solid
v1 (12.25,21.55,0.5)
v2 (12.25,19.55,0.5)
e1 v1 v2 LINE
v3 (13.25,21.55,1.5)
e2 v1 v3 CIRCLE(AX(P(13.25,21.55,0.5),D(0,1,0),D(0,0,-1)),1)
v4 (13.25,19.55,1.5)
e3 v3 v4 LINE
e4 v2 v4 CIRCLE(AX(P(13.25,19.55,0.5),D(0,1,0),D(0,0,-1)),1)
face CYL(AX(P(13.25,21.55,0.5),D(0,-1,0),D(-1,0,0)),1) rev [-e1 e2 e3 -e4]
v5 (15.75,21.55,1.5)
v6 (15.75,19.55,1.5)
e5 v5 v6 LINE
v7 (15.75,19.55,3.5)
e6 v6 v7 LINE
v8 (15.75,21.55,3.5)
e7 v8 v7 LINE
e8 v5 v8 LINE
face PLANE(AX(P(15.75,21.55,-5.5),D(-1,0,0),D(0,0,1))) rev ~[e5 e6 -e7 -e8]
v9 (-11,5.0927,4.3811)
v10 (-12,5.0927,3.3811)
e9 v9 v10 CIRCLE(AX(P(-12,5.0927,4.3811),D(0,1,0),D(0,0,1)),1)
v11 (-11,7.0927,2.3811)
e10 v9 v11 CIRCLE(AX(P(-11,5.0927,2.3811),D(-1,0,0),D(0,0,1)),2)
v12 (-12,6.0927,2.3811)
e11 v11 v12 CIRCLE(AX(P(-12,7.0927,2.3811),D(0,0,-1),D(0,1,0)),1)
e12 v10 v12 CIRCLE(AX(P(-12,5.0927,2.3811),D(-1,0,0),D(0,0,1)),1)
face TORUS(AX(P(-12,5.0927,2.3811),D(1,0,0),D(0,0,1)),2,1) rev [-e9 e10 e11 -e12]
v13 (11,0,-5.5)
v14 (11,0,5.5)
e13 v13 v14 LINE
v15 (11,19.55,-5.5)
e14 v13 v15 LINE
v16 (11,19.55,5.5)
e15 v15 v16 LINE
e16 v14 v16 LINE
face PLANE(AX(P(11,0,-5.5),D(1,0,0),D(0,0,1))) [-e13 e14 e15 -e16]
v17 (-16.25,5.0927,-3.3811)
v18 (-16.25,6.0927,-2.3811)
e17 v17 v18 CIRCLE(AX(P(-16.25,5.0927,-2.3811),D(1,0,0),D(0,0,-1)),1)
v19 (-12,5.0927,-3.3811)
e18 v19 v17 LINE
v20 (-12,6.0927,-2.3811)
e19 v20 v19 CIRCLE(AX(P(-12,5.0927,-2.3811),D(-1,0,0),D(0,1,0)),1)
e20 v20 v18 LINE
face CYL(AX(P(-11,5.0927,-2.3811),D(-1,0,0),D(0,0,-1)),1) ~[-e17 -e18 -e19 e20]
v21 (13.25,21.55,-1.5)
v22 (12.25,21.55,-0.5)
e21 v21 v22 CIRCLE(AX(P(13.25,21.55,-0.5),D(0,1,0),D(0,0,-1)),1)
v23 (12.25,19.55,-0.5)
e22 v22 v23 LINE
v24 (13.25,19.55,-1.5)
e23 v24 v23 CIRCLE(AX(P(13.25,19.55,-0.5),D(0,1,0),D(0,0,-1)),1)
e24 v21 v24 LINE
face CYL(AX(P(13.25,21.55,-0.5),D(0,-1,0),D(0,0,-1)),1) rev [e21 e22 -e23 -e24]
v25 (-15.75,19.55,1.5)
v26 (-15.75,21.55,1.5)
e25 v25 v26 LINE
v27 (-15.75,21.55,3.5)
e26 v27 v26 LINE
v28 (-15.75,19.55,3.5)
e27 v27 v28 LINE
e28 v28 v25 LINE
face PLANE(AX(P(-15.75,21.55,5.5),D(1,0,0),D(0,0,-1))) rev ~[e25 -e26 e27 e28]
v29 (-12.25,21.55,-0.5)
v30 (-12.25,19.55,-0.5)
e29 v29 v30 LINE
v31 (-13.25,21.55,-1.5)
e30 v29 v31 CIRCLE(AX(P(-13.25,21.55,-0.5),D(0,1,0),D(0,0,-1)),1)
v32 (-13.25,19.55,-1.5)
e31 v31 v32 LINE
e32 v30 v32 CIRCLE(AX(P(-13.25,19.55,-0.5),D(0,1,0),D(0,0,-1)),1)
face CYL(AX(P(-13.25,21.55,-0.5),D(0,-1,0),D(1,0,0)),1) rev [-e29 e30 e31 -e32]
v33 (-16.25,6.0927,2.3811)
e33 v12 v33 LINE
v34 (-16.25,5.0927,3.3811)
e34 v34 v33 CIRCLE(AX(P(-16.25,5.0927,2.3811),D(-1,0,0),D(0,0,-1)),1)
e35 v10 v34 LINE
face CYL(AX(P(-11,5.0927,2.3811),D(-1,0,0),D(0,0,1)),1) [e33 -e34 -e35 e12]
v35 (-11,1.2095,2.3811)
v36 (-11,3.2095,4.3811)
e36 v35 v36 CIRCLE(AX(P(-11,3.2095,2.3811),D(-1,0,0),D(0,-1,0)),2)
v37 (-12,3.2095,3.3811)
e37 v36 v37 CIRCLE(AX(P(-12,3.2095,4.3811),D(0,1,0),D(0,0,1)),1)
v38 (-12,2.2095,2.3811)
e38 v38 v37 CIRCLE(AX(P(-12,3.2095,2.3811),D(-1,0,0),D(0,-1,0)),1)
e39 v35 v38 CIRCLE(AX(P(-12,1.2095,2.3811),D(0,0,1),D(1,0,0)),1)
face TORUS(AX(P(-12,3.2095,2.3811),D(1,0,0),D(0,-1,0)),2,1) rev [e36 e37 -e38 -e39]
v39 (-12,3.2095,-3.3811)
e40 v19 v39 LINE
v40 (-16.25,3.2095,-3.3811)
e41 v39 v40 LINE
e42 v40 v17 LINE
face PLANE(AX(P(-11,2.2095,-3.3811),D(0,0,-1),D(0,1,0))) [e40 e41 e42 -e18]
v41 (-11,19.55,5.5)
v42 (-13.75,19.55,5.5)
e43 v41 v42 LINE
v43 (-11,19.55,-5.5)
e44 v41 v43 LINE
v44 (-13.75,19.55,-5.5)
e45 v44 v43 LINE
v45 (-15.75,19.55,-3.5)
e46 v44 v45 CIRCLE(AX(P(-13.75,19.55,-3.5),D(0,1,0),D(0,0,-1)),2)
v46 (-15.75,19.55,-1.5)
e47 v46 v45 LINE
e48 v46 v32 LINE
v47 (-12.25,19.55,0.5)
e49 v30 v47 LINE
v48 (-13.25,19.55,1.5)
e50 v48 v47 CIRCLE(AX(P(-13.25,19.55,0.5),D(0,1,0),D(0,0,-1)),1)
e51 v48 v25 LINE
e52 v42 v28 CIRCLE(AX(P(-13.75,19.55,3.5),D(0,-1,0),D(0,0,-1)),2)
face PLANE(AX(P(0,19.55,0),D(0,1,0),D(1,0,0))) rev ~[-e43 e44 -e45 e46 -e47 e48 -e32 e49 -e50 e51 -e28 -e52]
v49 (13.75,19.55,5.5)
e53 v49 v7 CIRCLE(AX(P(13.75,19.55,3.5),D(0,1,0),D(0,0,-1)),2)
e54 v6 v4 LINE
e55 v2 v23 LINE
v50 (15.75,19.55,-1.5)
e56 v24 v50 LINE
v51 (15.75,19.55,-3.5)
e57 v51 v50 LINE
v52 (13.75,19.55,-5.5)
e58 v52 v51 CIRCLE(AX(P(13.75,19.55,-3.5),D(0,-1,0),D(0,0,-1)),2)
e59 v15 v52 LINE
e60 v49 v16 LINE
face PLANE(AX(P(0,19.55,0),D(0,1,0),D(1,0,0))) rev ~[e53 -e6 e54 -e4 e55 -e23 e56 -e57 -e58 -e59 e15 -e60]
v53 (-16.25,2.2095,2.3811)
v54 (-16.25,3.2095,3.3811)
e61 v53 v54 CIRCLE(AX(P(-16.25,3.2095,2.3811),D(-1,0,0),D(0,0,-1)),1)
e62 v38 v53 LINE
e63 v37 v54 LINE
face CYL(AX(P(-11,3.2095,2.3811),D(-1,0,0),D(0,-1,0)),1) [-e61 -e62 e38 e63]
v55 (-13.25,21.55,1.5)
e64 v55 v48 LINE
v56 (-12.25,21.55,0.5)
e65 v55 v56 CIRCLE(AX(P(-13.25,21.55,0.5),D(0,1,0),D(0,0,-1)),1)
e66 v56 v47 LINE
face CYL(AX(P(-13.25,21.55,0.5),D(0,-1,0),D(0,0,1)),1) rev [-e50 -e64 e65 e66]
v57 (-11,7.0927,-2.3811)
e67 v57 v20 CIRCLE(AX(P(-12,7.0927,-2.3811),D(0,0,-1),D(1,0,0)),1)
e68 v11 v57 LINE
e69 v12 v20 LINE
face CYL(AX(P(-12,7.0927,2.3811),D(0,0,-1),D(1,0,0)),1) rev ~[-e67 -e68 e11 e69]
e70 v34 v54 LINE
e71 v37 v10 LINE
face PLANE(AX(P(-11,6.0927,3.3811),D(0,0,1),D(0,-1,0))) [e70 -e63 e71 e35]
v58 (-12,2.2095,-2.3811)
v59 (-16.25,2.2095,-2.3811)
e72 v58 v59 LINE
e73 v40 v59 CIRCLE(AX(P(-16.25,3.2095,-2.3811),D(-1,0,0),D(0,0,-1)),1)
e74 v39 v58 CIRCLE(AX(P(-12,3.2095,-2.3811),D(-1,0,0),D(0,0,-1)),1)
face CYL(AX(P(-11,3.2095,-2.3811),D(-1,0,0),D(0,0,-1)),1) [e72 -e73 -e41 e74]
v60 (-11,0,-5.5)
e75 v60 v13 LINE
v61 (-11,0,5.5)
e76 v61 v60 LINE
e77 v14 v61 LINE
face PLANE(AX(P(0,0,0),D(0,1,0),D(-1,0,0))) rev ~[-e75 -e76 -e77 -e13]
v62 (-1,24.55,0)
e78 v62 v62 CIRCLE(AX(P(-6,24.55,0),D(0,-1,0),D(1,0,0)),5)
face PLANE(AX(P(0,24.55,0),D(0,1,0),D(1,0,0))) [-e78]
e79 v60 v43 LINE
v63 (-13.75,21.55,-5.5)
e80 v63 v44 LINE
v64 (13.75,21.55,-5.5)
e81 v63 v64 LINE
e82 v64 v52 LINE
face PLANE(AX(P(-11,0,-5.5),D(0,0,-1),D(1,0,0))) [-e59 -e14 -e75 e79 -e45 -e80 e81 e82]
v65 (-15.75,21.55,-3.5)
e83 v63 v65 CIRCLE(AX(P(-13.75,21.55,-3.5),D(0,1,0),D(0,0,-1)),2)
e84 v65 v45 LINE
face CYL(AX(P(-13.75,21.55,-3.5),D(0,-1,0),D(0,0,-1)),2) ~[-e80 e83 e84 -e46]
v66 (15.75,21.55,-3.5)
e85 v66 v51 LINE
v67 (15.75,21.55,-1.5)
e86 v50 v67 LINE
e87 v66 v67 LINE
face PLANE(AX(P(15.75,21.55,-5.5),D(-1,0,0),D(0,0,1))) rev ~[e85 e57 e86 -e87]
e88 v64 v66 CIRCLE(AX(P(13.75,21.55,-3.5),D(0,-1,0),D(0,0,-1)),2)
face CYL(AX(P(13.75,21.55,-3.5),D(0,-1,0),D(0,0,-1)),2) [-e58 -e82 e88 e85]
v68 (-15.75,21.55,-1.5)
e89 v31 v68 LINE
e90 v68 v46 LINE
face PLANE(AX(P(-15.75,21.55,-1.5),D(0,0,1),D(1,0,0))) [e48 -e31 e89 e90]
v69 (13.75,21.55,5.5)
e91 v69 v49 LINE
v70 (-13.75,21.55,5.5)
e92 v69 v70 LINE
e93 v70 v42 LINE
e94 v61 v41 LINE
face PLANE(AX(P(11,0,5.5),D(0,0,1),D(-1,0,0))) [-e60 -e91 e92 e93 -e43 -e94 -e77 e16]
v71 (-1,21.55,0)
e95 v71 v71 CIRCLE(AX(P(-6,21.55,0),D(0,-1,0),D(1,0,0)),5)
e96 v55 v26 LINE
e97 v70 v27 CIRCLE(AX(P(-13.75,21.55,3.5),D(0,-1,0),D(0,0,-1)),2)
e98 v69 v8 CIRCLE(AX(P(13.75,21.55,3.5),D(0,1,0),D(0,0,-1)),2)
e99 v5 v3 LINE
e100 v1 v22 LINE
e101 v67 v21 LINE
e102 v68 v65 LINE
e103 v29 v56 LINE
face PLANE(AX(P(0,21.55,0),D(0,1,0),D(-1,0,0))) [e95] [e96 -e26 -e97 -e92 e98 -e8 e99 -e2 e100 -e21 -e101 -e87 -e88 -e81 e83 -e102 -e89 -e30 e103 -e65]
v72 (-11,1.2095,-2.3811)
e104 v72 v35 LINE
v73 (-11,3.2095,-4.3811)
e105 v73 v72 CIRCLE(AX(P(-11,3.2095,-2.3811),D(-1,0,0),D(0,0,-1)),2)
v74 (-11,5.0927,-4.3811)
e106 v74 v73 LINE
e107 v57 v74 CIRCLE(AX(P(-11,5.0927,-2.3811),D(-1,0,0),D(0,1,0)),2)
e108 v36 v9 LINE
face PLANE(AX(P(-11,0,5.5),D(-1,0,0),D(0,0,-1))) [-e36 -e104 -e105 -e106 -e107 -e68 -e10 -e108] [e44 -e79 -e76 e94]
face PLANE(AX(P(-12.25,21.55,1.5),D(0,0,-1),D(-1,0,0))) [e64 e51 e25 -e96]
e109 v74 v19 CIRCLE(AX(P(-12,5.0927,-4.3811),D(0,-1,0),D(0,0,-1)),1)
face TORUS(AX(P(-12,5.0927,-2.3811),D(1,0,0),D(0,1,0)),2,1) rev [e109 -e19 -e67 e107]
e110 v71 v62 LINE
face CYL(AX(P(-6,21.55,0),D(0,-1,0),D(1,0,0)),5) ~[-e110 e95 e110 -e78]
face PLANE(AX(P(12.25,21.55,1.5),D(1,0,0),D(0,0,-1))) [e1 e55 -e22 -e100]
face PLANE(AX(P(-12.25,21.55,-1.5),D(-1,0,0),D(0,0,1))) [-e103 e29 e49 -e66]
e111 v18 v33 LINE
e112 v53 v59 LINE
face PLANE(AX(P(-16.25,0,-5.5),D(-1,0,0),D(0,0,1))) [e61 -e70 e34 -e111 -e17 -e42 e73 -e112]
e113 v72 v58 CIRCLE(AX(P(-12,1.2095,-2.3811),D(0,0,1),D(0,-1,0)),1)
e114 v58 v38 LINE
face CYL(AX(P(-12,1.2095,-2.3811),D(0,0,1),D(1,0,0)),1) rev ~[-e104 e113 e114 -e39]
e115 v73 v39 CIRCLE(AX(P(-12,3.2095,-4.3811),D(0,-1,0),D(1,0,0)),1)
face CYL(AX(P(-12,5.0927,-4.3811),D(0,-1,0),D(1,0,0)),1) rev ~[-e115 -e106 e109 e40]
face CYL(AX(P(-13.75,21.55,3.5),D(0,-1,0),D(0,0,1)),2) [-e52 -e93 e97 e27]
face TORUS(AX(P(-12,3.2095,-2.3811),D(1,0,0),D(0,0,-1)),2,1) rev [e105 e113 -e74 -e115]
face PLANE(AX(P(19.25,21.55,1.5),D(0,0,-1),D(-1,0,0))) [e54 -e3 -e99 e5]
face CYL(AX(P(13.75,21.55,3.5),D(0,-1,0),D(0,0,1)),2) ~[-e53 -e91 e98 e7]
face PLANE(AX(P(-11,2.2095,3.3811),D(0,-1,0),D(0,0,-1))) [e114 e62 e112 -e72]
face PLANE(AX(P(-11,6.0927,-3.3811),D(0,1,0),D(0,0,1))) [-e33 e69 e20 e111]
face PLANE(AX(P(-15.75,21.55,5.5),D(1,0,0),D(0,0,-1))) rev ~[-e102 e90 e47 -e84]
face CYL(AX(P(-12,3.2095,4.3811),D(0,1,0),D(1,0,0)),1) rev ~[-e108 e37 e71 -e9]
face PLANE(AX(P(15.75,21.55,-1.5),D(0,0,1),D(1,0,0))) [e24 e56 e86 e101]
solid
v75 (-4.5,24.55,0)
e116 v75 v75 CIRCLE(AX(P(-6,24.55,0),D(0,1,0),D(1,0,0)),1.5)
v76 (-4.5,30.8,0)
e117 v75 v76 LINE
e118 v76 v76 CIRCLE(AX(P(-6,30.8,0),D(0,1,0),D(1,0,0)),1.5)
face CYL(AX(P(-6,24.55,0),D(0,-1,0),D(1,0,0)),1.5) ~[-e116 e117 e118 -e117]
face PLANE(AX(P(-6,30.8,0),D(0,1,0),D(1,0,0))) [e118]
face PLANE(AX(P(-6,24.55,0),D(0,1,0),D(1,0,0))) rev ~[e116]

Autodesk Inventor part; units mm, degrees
ref_plane "YZ Plane" through (0, 0, 0) normal (1, 0, 0) x (0, 1, 0)
ref_plane "XZ Plane" through (0, 0, 0) normal (0, 1, 0) x (-1, 0, 0)
ref_plane "XY Plane" through (0, 0, 0) normal (0, 0, 1) x (1, 0, 0)
sketch "Skizze1" plane through (0, 0, 0) normal (0, 1, 0) x (-1, 0, 0)
  line L0 (-11, 5.5) -> (11, 5.5)
  line L1 (11, 5.5) -> (11, -5.5)
  line L2 (11, -5.5) -> (-11, -5.5)
  line L3 (-11, -5.5) -> (-11, 5.5)
  line L4 (-11, 5.5) -> (11, -5.5) construction
  line L5 (11, 5.5) -> (-11, -5.5) construction
  point P0 (0, 0)
  dimension "d0" = 22
  dimension "d1" = 11
extrude "Extrusion1" add sketch "Skizze1" along normal blind 21.55
sketch "Skizze2" plane through (0, 21.55, 0) normal (0, 1, 0) x (1, 0, 0)
  line L0 (15.75, -5.5) -> (-15.75, -5.5)
  line L1 (-15.75, -5.5) -> (-15.75, 5.5)
  line L2 (-15.75, 5.5) -> (15.75, 5.5)
  line L3 (15.75, 5.5) -> (15.75, -5.5)
  line L4 (15.75, -5.5) -> (-15.75, 5.5) construction
  line L5 (-15.75, -5.5) -> (15.75, 5.5) construction
  line L6 (11, 5.5) -> (-11, 5.5) projected
  point P0 (0, 0)
  dimension "d4" = 31.5
extrude "Extrusion2" add sketch "Skizze2" against normal blind 2
fillet "Rundung1" radius 2 4 edges at (-15.75, 20.55, 5.5) (15.75, 20.55, 5.5) (15.75, 20.55, -5.5) (-15.75, 20.55, -5.5)
sketch "Skizze3" plane through (0, 21.55, 0) normal (0, 1, 0) x (1, 0, 0)
  circle A0 centre (-6, 0) radius 5
  line L0 (-11, -5.5) -> (-11, 5.5) projected
  point P0 (0, 0)
  dimension "d8" = 5
  dimension "d9" = 10
extrude "Extrusion3" add sketch "Skizze3" along normal blind 3
sketch "Skizze4" plane through (-6, 24.55, 0) normal (0, 1, 0) x (1, 0, 0)
  circle A0 centre (0, 0) radius 1.5
  circle A1 centre (0, 0) radius 5 projected
  point P0 (6, 0)
  dimension "d12" = 3
extrude "Extrusion4" add sketch "Skizze4" along normal blind 6.25 separate body contours A0
sketch "Skizze5" plane through (0, 21.55, 0) normal (0, 1, 0) x (1, 0, 0)
  line L0 (19.25, -1.5) -> (12.25, -1.5)
  line L1 (12.25, -1.5) -> (12.25, 1.5)
  line L2 (12.25, 1.5) -> (19.25, 1.5)
  line L3 (19.25, 1.5) -> (19.25, -1.5)
  line L4 (15.75, -3.5) -> (15.75, 3.5) projected
  line L5 (19.25, -1.5) -> (12.25, 1.5) construction
  line L6 (12.25, -1.5) -> (19.25, 1.5) construction
  line L7 (-12.25, -1.5) -> (-19.25, -1.5)
  line L8 (-19.25, -1.5) -> (-19.25, 1.5)
  line L9 (-19.25, 1.5) -> (-12.25, 1.5)
  line L10 (-12.25, 1.5) -> (-12.25, -1.5)
  line L11 (-15.75, -3.5) -> (-15.75, 3.5) projected
  line L12 (-12.25, -1.5) -> (-19.25, 1.5) construction
  line L13 (-19.25, -1.5) -> (-12.25, 1.5) construction
  point P0 (0, 0)
  point P1 (15.75, 0)
  point P2 (-15.75, 0)
  dimension "d15" = 3
  dimension "d16" = 3
  dimension "d17" = 3.5
  dimension "d18" = 3.5
extrude "Extrusion5" cut sketch "Skizze5" against normal blind 5.25 bodies 1
fillet "Rundung2" radius 1 4 edges at (-12.25, 20.55, 1.5) (-12.25, 20.55, -1.5) (12.25, 20.55, 1.5) (12.25, 20.55, -1.5)
sketch "Skizze6" plane through (-11, 0, -5.5) normal (-1, 0, 0) x (0, 0, 1)
  line L0 (2.1189, 6.0927) -> (8.8811, 6.0927)
  line L1 (8.8811, 6.0927) -> (8.8811, 2.2095)
  line L2 (8.8811, 2.2095) -> (2.1189, 2.2095)
  line L3 (2.1189, 2.2095) -> (2.1189, 6.0927)
  line L4 (2.1189, 6.0927) -> (8.8811, 2.2095) construction
  line L5 (8.8811, 6.0927) -> (2.1189, 2.2095) construction
  point P0 (5.5, 0)
  point P1 (5.5, 4.1511)
extrude "Extrusion6" add sketch "Skizze6" along normal blind 5.25 bodies 1
fillet "Rundung3" radius 1 4 edges at (-13.625, 6.0927, -3.3811) (-13.625, 2.2095, -3.3811) (-13.625, 2.2095, 3.3811) (-13.625, 6.0927, 3.3811)
fillet "Rundung4" radius 1 8 edges at (-11, 5.7998, 3.0882) (-11, 4.1511, 3.3811) (-11, 2.5023, 3.0882) (-11, 2.2095, 0) (-11, 2.5023, -3.0882) (-11, 4.1511, -3.3811) (-11, 5.7998, -3.0882) (-11, 6.0927, 0)
properties part number "P_Servo_SIMPROP"
